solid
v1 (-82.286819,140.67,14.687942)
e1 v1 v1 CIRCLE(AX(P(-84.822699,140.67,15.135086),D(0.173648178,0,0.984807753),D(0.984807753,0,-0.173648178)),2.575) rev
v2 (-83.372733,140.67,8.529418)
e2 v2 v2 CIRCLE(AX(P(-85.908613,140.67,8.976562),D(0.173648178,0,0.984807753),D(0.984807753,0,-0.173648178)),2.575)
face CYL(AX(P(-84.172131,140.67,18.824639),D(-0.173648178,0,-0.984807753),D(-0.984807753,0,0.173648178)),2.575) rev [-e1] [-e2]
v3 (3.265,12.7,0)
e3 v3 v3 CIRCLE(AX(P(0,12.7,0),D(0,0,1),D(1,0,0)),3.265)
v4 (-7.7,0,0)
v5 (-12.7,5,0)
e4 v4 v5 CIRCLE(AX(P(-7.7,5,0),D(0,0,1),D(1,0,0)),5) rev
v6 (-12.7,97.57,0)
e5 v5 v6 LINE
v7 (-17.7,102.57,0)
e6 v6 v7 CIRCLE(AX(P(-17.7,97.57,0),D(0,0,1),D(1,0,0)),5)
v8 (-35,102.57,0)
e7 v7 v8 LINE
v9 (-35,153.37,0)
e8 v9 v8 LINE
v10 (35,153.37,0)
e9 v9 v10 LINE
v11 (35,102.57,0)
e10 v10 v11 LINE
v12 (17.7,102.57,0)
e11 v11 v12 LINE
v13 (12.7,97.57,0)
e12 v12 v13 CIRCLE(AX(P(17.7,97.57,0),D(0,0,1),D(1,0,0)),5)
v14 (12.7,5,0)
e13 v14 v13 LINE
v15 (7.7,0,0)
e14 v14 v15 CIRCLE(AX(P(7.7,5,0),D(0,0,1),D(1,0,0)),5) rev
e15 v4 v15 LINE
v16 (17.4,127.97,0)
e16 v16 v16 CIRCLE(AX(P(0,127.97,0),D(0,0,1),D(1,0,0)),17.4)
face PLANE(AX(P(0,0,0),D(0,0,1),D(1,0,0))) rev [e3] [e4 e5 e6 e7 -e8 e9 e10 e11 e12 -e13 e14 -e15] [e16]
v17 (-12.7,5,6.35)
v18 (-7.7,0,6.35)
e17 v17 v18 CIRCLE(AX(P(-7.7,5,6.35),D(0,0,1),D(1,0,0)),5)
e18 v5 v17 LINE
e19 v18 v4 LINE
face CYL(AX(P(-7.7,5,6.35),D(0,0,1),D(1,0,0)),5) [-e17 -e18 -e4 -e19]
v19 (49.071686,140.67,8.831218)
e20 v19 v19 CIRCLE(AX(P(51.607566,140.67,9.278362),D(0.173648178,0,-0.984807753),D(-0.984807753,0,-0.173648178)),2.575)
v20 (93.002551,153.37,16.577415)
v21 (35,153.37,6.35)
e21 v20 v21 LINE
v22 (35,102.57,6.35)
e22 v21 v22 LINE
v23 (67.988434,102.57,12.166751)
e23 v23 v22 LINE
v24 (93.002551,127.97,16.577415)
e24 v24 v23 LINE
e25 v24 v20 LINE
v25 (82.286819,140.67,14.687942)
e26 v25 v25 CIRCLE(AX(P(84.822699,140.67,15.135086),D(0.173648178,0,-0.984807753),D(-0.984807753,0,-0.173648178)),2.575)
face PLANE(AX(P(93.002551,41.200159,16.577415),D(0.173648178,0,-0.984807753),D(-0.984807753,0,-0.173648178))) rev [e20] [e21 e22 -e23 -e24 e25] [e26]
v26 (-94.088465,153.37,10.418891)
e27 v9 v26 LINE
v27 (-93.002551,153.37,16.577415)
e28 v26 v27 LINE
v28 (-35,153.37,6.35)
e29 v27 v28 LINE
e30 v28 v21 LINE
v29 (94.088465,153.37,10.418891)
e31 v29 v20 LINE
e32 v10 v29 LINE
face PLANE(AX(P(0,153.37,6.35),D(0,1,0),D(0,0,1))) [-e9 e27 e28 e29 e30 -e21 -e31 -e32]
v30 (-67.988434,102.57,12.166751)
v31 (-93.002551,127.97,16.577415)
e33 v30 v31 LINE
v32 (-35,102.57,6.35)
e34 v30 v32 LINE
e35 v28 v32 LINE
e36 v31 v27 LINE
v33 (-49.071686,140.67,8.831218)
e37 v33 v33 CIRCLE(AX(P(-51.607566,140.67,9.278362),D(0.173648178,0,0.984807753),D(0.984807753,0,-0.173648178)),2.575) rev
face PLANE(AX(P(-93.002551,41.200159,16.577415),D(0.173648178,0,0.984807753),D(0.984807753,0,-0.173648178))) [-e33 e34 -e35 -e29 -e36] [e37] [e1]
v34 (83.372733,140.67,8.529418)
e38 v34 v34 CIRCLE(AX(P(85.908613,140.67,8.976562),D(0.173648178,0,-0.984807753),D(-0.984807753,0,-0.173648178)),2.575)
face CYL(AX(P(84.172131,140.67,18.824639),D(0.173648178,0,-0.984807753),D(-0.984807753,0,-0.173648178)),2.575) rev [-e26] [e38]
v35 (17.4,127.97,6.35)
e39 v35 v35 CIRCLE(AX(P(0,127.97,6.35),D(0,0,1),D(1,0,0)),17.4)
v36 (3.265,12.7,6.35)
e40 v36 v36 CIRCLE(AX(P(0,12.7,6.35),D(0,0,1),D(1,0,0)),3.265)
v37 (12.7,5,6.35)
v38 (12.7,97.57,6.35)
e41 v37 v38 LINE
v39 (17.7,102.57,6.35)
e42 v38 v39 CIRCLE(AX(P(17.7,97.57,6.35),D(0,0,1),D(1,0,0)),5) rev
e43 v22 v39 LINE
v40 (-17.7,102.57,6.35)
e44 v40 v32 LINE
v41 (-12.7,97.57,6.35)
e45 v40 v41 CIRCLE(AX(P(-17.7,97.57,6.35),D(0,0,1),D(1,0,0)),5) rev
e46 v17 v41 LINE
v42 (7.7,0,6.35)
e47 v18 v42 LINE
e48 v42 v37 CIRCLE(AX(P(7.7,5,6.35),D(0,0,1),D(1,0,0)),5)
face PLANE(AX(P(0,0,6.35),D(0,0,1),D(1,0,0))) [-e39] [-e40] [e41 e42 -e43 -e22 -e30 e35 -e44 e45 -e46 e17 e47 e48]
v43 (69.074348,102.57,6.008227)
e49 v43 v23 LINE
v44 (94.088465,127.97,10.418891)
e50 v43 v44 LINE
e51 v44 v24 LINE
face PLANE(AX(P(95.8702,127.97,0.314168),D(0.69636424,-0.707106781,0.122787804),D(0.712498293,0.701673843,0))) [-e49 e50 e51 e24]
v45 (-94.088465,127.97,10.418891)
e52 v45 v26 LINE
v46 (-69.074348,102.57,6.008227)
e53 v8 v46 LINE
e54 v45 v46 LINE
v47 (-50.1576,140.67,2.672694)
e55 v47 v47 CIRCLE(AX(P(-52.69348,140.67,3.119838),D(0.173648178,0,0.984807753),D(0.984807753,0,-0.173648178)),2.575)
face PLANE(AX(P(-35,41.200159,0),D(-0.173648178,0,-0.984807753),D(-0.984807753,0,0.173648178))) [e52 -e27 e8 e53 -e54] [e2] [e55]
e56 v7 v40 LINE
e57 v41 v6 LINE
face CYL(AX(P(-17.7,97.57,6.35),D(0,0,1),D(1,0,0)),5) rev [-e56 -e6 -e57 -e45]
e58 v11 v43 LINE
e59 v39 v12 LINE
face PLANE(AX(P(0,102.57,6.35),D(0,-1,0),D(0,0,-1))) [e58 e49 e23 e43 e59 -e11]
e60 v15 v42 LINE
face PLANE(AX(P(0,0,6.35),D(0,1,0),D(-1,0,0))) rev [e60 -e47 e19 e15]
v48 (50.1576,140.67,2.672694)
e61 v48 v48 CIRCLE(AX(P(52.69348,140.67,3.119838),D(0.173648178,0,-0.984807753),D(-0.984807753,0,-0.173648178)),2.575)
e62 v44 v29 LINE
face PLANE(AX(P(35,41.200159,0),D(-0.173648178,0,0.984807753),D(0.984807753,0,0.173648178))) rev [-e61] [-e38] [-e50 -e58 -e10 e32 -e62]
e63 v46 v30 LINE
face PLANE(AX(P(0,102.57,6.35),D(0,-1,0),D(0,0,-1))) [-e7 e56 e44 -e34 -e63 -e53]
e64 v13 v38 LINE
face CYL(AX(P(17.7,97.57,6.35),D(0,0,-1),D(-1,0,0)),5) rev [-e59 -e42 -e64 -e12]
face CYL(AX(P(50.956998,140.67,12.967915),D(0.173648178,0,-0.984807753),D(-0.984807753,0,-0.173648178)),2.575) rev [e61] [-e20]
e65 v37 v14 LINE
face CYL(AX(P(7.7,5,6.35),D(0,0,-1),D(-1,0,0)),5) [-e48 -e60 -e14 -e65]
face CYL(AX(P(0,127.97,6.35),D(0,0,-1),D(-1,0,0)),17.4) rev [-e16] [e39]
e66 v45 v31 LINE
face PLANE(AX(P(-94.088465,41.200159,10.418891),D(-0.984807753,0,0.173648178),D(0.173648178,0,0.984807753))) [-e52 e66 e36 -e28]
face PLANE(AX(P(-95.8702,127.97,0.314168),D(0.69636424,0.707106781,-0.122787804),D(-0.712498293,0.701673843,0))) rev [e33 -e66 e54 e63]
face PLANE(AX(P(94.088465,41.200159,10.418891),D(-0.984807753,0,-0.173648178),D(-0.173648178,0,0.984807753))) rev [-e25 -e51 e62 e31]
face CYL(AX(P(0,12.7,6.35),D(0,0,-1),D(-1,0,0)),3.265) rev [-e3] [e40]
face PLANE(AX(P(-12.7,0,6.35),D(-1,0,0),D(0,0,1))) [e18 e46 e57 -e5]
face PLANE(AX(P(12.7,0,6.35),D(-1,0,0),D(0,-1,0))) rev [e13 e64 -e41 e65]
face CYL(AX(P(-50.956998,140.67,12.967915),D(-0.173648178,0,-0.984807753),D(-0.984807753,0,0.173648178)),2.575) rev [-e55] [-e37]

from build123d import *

# Parameters (mm, degrees)
SKETCH1_R           = 17.4
SKETCH1_R_2         = 3.265
BOSS_EXTRUDE1_DEPTH = 6.35
FILLET2_R           = 5
BOSS_EXTRUDE2_DEPTH = 50.8
CUT_EXTRUDE4_DEPTH  = 181.692673495
SKETCH8_R           = 2.575
CUT_EXTRUDE6_DEPTH  = 10


with BuildPart() as part:
    # Sketch1 → Boss-Extrude1 (new body)
    with BuildSketch(Plane.XY):
        Polygon((-12.7, 0), (12.7, 0), (12.7, 102.57), (35, 102.57), (35, 153.37), (-35, 153.37), (-35, 102.57), (-12.7, 102.57), align=None)
        with Locations((0, 127.97)):
            Circle(SKETCH1_R, mode=Mode.SUBTRACT)
        with Locations((0, 12.7)):
            Circle(SKETCH1_R_2, mode=Mode.SUBTRACT)
    extrude(amount=BOSS_EXTRUDE1_DEPTH)

    # Fillet2
    fillet2_edges = [part.edges().sort_by_distance(p)[0] for p in [
        (12.7, 102.57, 3.175),
        (12.7, 0, 3.175),
        (-12.7, 0, 3.175),
        (-12.7, 102.57, 3.175),
    ]]
    fillet(fillet2_edges, radius=FILLET2_R)

    # Sketch2 → Boss-Extrude2 (add)
    with BuildSketch(Plane(origin=(0, 153.37, 0), x_dir=(1, 0, 0), z_dir=(0, 1, 0))):
        Polygon((-35, 0), (-94.088465181, -10.41889066), (-93.002551226, -16.577414731), (-35, -6.35), align=None)
    boss_extrude2 = extrude(amount=-BOSS_EXTRUDE2_DEPTH)

    # Sketch6 → Cut-Extrude4 (cut, symmetric)
    with BuildSketch(Plane(origin=(0.030534819, 0, 0.173171563), x_dir=(0.9848077530122079, 0, -0.17364817766693147), z_dir=(0.17364817766693147, 0, 0.9848077530122079))):
        Polygon((-94.468271355, 102.57), (-94.468271355, 127.97), (-69.068271355, 102.57), align=None)
    cut_extrude4 = extrude(amount=CUT_EXTRUDE4_DEPTH, both=True, mode=Mode.SUBTRACT)

    # Mirror1: Boss-Extrude2, Cut-Extrude4 across plane
    add(boss_extrude2.mirror(Plane(origin=(0, 0, 0), x_dir=(0, 0, 1), z_dir=(1, 0, 0))))
    add(cut_extrude4.mirror(Plane(origin=(0, 0, 0), x_dir=(0, 0, 1), z_dir=(1, 0, 0))), mode=Mode.SUBTRACT)

    # Sketch8 → Cut-Extrude6 (cut)
    with BuildSketch(Plane(origin=(1.055379136, 0, -5.985352508), x_dir=(-0.9848077530122079, 0, -0.17364817766693139), z_dir=(0.17364817766693139, 0, -0.9848077530122079))):
        with Locations((-86.162231322, 140.67)):
            Circle(SKETCH8_R)
        with Locations((-52.434701963, 140.67)):
            Circle(SKETCH8_R)
    cut_extrude6 = extrude(amount=-CUT_EXTRUDE6_DEPTH, mode=Mode.SUBTRACT)

    # Mirror2: Cut-Extrude6 across plane
    add(cut_extrude6.mirror(Plane(origin=(0, 0, 0), x_dir=(0, 0, 1), z_dir=(1, 0, 0))), mode=Mode.SUBTRACT)


solid = part.part
